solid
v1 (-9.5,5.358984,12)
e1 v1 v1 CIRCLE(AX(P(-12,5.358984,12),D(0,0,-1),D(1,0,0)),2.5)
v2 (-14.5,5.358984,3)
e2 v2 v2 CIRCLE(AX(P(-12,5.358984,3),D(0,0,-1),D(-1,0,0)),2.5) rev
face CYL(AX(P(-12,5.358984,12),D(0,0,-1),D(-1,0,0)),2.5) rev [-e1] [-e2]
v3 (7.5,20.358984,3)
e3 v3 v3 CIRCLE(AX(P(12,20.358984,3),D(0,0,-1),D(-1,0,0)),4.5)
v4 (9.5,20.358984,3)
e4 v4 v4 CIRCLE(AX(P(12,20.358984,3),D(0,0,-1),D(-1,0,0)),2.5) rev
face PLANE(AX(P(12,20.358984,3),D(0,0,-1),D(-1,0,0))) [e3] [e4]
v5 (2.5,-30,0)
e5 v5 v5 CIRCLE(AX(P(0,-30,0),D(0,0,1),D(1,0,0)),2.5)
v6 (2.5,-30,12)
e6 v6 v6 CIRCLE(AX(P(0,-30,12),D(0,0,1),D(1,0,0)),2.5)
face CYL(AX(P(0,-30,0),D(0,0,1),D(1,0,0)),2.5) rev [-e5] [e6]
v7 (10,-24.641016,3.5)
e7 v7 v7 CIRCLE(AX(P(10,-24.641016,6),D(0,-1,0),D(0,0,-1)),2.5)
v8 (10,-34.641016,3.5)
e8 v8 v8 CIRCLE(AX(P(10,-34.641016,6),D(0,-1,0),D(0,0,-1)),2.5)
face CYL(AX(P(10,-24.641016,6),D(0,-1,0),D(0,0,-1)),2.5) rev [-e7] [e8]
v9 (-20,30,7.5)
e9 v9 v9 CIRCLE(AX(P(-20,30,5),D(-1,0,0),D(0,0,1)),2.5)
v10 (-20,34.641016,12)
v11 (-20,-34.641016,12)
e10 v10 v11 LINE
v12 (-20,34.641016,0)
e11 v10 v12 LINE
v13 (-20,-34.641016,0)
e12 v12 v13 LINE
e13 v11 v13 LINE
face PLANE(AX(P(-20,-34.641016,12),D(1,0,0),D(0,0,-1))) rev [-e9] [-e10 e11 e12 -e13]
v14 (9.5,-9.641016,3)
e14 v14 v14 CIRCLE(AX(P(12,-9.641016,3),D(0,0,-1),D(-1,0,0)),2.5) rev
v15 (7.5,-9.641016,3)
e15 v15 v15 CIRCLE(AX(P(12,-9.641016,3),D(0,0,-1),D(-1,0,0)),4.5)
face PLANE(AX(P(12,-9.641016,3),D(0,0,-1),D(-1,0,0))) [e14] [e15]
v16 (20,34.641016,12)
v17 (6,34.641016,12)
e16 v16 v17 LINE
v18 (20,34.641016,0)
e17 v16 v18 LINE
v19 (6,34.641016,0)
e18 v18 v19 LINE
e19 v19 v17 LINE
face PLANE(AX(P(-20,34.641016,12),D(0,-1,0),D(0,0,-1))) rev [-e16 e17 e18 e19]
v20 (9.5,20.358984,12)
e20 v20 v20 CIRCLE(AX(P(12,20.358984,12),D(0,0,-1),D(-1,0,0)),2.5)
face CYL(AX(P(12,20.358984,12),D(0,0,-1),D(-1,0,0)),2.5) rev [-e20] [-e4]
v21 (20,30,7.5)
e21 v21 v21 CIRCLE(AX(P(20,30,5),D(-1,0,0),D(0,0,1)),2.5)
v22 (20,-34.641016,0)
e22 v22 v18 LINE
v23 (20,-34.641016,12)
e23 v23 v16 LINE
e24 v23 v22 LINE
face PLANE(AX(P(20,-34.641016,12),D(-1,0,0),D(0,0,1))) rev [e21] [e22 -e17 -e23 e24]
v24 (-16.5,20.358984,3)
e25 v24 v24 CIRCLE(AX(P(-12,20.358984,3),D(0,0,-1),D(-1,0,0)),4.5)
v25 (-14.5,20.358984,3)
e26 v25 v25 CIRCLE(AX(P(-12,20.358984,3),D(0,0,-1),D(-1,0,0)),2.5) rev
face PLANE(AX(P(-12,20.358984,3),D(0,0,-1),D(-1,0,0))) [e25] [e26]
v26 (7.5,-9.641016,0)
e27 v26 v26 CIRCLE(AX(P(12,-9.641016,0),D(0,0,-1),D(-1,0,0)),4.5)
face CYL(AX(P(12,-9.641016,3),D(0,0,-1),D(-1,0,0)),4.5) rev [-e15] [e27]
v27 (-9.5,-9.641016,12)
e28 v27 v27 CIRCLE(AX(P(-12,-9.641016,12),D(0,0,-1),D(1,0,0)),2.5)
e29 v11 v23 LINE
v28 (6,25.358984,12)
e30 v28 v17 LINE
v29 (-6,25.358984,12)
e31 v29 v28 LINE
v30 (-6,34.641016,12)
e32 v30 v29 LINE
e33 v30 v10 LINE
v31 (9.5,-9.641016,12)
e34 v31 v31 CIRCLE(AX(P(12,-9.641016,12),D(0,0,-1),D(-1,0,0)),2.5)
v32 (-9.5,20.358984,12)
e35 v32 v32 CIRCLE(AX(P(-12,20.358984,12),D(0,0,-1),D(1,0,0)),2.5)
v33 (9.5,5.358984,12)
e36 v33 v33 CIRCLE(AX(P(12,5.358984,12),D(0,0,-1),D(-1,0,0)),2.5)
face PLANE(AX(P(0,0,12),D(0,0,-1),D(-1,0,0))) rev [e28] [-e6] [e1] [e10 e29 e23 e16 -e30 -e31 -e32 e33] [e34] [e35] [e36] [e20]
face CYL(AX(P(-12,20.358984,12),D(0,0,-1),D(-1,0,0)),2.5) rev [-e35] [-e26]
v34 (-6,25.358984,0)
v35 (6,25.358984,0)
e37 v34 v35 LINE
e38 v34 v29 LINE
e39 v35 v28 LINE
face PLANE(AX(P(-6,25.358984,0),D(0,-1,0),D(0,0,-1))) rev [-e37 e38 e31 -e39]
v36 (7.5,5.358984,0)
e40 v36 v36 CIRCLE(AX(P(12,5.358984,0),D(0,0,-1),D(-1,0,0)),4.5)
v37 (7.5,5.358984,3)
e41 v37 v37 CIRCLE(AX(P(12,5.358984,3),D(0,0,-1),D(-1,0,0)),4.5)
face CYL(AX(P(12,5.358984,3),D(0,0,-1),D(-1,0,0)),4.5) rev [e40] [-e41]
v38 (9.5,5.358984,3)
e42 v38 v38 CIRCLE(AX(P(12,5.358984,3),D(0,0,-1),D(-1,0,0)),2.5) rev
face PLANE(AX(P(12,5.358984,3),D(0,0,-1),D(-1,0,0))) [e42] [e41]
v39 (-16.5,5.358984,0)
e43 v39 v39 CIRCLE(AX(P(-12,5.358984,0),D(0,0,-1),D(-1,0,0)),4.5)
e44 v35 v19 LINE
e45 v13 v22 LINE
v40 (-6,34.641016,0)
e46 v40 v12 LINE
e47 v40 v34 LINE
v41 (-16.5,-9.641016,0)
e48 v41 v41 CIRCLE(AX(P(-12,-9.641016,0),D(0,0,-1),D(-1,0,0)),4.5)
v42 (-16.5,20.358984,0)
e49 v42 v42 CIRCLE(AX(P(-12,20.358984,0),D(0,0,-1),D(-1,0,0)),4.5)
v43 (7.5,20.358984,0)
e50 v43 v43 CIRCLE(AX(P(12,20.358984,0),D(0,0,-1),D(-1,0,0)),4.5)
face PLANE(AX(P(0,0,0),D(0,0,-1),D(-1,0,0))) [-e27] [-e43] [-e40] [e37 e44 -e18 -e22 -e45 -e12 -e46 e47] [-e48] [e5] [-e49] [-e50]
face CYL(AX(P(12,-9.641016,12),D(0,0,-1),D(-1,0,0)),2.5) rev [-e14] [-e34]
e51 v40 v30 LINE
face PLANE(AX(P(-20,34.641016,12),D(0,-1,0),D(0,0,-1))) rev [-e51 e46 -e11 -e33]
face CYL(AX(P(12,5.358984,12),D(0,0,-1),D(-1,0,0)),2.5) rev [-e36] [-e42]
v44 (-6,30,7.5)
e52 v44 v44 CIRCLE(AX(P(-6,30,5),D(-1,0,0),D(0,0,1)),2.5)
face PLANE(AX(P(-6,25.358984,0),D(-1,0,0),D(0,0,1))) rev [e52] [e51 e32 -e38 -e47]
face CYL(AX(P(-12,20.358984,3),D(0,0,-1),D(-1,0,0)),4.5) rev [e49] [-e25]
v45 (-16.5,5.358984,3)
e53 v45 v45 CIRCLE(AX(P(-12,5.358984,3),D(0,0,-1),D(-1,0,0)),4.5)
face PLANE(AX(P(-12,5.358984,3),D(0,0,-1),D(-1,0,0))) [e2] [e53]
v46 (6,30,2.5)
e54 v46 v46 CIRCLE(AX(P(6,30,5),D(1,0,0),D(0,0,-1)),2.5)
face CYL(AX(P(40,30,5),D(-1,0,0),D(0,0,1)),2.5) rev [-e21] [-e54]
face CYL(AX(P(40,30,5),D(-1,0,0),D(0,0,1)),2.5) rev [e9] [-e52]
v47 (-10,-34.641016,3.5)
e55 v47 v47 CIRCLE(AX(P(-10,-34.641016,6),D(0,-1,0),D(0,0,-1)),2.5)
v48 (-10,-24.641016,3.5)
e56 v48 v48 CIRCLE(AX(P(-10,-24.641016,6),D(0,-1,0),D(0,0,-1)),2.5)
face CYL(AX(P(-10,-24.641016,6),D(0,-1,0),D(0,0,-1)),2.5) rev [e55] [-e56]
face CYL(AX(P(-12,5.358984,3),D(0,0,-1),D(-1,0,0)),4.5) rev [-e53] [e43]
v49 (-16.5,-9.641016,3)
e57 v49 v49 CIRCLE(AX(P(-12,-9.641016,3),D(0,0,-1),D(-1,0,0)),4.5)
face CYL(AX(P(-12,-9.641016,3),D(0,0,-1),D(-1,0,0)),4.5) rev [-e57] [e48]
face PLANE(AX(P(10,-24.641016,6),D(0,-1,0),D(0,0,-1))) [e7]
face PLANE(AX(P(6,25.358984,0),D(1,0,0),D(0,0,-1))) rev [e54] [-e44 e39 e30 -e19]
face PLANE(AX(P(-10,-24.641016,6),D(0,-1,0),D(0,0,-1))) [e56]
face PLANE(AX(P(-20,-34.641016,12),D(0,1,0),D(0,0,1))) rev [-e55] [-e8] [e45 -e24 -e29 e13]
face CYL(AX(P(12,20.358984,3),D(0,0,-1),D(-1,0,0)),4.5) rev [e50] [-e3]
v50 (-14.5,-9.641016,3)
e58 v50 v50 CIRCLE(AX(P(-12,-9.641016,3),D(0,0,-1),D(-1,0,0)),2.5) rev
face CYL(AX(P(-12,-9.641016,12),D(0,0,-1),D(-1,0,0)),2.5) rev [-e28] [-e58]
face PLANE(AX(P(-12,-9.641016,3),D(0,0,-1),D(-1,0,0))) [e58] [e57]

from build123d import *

# Parameters (mm, degrees)
SKETCH_1_W          = 40
SKETCH_1_H          = 69.282032302
EXTRUDE_1_DEPTH     = 12
SKETCH_2_R          = 2.5
SKETCH_2_W          = 12
SKETCH_2_H          = 9.282032302
CUT_EXTRUDE_1_DEPTH = 12
SKETCH_3_R          = 2.5
CUT_EXTRUDE_2_DEPTH = 60
SKETCH_4_R          = 2.5
CUT_EXTRUDE_3_DEPTH = 12
SKETCH_5_R          = 4.5
CUT_EXTRUDE_4_DEPTH = 3
SKETCH_6_R          = 2.5
CUT_EXTRUDE_5_DEPTH = 10


with BuildPart() as part:
    # 草图1 → 凸台-拉伸1 (new body)
    with BuildSketch(Plane.XY):
        Rectangle(SKETCH_1_W, SKETCH_1_H)
    extrude(amount=EXTRUDE_1_DEPTH)

    # 草图2 → 切除-拉伸1 (cut)
    with BuildSketch(Plane.XY.offset(12)):
        with Locations((0, -30)):
            Circle(SKETCH_2_R)
        with Locations((0, 30)):
            Rectangle(SKETCH_2_W, SKETCH_2_H)
    extrude(amount=-CUT_EXTRUDE_1_DEPTH, mode=Mode.SUBTRACT)

    # 草图3 → 切除-拉伸2 (cut)
    with BuildSketch(Plane.ZY.offset(20)):
        with Locations((5, 30)):
            Circle(SKETCH_3_R)
    extrude(amount=-CUT_EXTRUDE_2_DEPTH, mode=Mode.SUBTRACT)

    # 草图4 → 切除-拉伸3 (cut)
    with BuildSketch(Plane(origin=(0, 0, 0), x_dir=(-1, 0, 0), z_dir=(0, 0, -1))):
        with Locations((-12, -9.641016151)):
            Circle(SKETCH_4_R)
        with Locations((-12, 5.358983849)):
            Circle(SKETCH_4_R)
        with Locations((-12, 20.358983849)):
            Circle(SKETCH_4_R)
        with Locations(Location((12, 20.358983849, 0), (0, 0, 180))):
            Circle(SKETCH_4_R)
        with Locations(Location((12, 5.358983849, 0), (0, 0, 180))):
            Circle(SKETCH_4_R)
        with Locations(Location((12, -9.641016151, 0), (0, 0, 180))):
            Circle(SKETCH_4_R)
    extrude(amount=-CUT_EXTRUDE_3_DEPTH, mode=Mode.SUBTRACT)

    # 草图5 → 切除-拉伸4 (cut)
    with BuildSketch(Plane(origin=(0, 0, 0), x_dir=(-1, 0, 0), z_dir=(0, 0, -1))):
        with Locations((-12, -9.641016151)):
            Circle(SKETCH_5_R)
        with Locations((-12, 5.358983849)):
            Circle(SKETCH_5_R)
        with Locations((-12, 20.358983849)):
            Circle(SKETCH_5_R)
        with Locations((12, -9.641016151)):
            Circle(SKETCH_5_R)
        with Locations((12, 5.358983849)):
            Circle(SKETCH_5_R)
        with Locations((12, 20.358983849)):
            Circle(SKETCH_5_R)
    extrude(amount=-CUT_EXTRUDE_4_DEPTH, mode=Mode.SUBTRACT)

    # 草图6 → 切除-拉伸5 (cut)
    with BuildSketch(Plane.XZ.offset(34.641016151)):
        with Locations(Location((-10, 6, 0), (0, 0, 270))):
            Circle(SKETCH_6_R)
        with Locations(Location((10, 6, 0), (0, 0, 270))):
            Circle(SKETCH_6_R)
    extrude(amount=-CUT_EXTRUDE_5_DEPTH, mode=Mode.SUBTRACT)


solid = part.part
